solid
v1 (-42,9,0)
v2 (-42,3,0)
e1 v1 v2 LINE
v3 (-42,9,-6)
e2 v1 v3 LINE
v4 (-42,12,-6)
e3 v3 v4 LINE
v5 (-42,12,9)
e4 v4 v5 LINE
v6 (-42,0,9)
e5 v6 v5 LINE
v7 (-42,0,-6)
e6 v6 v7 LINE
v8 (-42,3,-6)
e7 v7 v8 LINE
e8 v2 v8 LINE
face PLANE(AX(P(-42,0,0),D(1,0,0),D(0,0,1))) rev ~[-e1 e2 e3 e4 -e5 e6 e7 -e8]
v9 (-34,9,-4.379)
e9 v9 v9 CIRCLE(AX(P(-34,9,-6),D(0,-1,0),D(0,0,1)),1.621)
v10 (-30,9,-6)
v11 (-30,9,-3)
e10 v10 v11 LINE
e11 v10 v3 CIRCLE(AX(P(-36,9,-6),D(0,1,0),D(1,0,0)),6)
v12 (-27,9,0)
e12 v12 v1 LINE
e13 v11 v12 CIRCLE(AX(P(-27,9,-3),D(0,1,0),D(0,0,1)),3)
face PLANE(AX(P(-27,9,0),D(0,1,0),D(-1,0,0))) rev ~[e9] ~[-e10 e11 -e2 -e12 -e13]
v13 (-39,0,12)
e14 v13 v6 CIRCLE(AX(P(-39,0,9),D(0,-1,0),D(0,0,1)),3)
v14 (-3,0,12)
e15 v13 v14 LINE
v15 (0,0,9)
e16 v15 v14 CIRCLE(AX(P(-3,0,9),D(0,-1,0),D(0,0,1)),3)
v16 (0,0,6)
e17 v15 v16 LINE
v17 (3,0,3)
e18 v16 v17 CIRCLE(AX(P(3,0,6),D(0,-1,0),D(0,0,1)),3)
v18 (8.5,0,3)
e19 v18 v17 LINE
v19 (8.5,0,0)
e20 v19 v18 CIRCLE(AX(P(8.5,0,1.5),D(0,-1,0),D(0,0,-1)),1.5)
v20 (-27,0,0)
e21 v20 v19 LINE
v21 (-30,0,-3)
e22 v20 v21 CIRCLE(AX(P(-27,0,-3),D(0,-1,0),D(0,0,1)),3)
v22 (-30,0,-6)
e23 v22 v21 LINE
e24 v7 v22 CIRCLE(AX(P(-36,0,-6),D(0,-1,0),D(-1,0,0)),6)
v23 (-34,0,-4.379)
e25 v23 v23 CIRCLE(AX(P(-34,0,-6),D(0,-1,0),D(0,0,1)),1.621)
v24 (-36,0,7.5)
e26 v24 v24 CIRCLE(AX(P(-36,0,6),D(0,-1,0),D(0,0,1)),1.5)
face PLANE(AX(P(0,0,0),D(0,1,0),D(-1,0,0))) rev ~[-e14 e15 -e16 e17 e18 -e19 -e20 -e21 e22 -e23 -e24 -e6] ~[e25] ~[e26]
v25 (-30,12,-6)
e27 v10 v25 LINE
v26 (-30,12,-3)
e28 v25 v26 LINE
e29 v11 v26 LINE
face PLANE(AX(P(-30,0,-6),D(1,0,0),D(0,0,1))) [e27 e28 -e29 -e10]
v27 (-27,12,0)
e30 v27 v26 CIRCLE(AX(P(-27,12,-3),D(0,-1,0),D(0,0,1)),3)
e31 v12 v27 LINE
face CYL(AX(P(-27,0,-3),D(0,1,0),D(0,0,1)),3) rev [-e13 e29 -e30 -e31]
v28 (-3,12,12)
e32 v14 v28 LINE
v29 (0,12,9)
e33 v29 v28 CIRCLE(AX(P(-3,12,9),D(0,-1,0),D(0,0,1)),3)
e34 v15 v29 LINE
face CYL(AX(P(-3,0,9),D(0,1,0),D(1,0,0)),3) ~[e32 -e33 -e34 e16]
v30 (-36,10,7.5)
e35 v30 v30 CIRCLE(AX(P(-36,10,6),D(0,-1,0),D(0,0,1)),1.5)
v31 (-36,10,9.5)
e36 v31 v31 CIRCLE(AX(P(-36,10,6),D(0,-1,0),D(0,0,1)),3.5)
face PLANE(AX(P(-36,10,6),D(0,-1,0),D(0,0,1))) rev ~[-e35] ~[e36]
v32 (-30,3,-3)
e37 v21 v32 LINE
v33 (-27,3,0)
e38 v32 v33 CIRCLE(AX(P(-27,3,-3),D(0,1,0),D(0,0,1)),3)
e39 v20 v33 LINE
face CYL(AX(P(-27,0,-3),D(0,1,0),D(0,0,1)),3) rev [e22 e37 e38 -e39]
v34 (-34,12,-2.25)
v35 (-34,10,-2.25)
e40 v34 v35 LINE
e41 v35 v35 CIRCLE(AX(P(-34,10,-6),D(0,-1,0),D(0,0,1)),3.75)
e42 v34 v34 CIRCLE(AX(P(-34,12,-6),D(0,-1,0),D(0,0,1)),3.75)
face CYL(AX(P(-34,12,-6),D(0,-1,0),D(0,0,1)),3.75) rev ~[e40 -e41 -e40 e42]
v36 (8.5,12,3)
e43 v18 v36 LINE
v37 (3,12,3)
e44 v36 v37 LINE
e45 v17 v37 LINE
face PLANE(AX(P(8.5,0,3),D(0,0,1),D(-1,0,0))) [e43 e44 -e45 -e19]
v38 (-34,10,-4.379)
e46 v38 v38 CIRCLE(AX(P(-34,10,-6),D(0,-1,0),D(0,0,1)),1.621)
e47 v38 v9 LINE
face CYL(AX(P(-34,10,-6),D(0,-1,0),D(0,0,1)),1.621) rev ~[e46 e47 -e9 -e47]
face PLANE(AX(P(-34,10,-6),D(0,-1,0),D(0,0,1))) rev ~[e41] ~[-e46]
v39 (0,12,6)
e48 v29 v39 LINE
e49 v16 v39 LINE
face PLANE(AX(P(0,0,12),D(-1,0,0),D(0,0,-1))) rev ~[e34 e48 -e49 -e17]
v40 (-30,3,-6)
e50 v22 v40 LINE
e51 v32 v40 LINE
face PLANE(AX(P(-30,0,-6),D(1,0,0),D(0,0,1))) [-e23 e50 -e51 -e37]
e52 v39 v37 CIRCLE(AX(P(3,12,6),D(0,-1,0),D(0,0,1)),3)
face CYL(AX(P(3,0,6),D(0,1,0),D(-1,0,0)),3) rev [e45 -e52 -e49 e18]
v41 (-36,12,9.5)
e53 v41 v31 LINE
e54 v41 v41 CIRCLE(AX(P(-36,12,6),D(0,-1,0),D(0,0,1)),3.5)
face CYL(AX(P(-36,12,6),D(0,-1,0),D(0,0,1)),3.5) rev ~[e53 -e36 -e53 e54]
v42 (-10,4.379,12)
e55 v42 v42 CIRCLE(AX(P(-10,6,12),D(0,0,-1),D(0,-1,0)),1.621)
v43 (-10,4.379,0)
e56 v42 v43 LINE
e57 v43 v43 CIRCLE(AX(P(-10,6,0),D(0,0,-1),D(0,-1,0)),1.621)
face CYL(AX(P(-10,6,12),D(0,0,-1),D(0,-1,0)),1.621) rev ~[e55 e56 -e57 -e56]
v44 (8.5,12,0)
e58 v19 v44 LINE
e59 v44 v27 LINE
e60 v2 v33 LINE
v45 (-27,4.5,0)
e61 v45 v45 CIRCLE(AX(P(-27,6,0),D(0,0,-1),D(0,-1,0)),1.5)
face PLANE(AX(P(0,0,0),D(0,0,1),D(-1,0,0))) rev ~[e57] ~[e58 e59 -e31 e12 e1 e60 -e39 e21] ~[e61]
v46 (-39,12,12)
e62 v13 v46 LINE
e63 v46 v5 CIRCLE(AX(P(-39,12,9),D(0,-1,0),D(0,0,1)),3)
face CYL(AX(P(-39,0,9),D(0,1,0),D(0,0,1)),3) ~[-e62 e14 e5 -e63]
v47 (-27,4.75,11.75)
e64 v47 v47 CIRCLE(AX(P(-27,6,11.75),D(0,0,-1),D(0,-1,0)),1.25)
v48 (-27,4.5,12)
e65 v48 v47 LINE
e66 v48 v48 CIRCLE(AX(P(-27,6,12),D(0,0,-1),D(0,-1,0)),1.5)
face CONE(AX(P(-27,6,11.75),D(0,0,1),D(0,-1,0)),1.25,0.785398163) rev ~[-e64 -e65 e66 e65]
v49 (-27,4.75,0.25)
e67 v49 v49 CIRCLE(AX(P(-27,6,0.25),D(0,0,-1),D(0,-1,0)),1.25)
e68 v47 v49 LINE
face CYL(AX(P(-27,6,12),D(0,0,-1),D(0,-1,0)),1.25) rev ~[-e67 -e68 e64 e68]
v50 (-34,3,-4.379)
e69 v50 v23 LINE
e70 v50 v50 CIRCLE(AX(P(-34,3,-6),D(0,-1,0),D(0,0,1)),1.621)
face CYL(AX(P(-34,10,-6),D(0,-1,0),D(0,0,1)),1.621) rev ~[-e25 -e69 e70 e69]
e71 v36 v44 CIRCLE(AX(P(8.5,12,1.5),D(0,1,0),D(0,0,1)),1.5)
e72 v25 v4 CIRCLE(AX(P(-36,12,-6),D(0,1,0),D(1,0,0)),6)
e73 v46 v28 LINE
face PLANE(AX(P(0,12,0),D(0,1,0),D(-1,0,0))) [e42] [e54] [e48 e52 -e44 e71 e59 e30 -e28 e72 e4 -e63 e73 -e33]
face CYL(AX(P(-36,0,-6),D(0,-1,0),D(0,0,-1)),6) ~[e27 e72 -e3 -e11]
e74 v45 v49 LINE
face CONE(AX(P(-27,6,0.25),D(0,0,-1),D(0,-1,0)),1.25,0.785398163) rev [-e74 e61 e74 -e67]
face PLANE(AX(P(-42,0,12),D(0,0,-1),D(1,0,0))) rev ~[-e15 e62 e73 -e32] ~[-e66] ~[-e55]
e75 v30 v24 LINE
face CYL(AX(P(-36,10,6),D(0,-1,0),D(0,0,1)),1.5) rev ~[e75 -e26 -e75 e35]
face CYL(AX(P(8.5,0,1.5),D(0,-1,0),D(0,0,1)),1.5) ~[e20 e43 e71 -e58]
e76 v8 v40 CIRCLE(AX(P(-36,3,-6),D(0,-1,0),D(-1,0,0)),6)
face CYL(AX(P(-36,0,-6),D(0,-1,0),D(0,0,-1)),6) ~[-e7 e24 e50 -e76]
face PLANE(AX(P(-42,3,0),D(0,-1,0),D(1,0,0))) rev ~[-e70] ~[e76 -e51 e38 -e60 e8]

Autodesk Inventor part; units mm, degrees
ref_plane "YZ Plane" through (0, 0, 0) normal (1, 0, 0) x (0, 1, 0)
ref_plane "XZ Plane" through (0, 0, 0) normal (0, 1, 0) x (-1, 0, 0)
ref_plane "XY Plane" through (0, 0, 0) normal (0, 0, 1) x (1, 0, 0)
sketch "草圖1" plane through (0, 0, 0) normal (0, 1, 0) x (-1, 0, 0)
  line L0 (0, 0) -> (42, 0)
  line L1 (42, 0) -> (42, 12)
  line L2 (42, 12) -> (0, 12)
  line L3 (0, 12) -> (0, 0)
  line L4 (0, 0) -> (-8.5, 0)
  line L5 (-10, 1.5) -> (-10, 1.5)
  line L6 (-8.5, 3) -> (0, 3)
  line L7 (0, 3) -> (0, 0)
  line L8 (30, 0) -> (42, 0)
  line L9 (42, 0) -> (42, -6)
  line L10 (36, -12) -> (36, -12)
  line L11 (30, -6) -> (30, 0)
  arc A0 (30, -6) -> (36, -12) centre (36, -6) ccw
  arc A1 (36, -12) -> (42, -6) centre (36, -6) ccw
  arc A2 (-8.5, 3) -> (-10, 1.5) centre (-8.5, 1.5) ccw
  arc A3 (-10, 1.5) -> (-8.5, 0) centre (-8.5, 1.5) ccw
  point P0 (-10, 3)
  point P1 (-10, 0)
  point P2 (42, -12)
  point P3 (30, -12)
  dimension "d0" = 42
  dimension "d2" = 10
  dimension "d3" = 3
  dimension "d4" = 12
  dimension "d6" = 12
  dimension "d7" = 12
  dimension "d8" = 6
  dimension "d9" = 1.5
extrude "擠出1" add sketch "草圖1" along normal blind 12
fillet "圓角1" radius 3 4 edges at (-42, 6, 12) (-30, 6, 0) (0, 6, 3) (0, 6, 12)
sketch "草圖2" plane through (0, 12, 0) normal (0, 1, 0) x (1, 0, 0)
  line L0 (-42, 6) -> (-42, -9) projected
  line L1 (-39, -12) -> (-3, -12) projected
  point P0 (0, 0)
  point P1 (-36, -6)
  dimension "d13" = 6
  dimension "d14" = 6
hole "孔1" at (-36, 12, 6) direction (0, -1, 0) diameter 3 end through all counterbore diameter 7 counterbore depth 2
sketch "草圖3" plane through (8.5, 0, 0) normal (0, 0, -1) x (-1, 0, 0)
  line L0 (35.5, 12) -> (35.5, 0) projected
  line L1 (0, 0) -> (35.5, 0) projected
  line L2 (35.5, 9) -> (50.5, 9)
  line L3 (50.5, 9) -> (50.5, 3)
  line L4 (50.5, 3) -> (35.5, 3)
  line L5 (35.5, 3) -> (35.5, 9)
  point P0 (8.5, 0)
  dimension "d22" = 6
  dimension "d24" = 15
  dimension "d25" = 3
extrude "擠出2" cut sketch "草圖3" along normal blind 12
sketch "草圖4" plane through (0, 12, 0) normal (0, 1, 0) x (1, 0, 0)
  line L0 (-30, 3) -> (-30, 6) projected
  point P0 (0, 0)
  point P1 (-34, 6)
  dimension "d28" = 4
hole "孔2" at (-34, 12, -6) direction (0, -1, 0) diameter 3.242 end through all counterbore diameter 7.5 counterbore depth 2 thread size "M4x0.7" class "6H" standard "ANSI Metric M Profile"
sketch "草圖5" plane through (-39, 0, 12) normal (0, 0, 1) x (1, 0, 0)
  line L0 (-3, 12) -> (-3, 0) projected
  point P0 (39, 0)
  point P1 (12, 6)
  dimension "d36" = 15
hole "孔3" at (-27, 6, 12) direction (0, 0, -1) diameter 2.5 end through all
chamfer "倒角1" distance 0.25 angle 45 2 edges at (-27, 7.25, 12) (-27, 7.25, 0)
sketch "草圖6" plane through (-39, 0, 12) normal (0, 0, 1) x (1, 0, 0)
  line L0 (-3, 12) -> (-3, 0) projected
  point P0 (39, 0)
  point P1 (29, 6)
  dimension "d47" = 32
hole "孔4" at (-10, 6, 12) direction (0, 0, -1) diameter 3.242 end through all thread size "M4x0.7" class "6H" standard "ANSI Metric M Profile"
properties part number "extruder_lever"
